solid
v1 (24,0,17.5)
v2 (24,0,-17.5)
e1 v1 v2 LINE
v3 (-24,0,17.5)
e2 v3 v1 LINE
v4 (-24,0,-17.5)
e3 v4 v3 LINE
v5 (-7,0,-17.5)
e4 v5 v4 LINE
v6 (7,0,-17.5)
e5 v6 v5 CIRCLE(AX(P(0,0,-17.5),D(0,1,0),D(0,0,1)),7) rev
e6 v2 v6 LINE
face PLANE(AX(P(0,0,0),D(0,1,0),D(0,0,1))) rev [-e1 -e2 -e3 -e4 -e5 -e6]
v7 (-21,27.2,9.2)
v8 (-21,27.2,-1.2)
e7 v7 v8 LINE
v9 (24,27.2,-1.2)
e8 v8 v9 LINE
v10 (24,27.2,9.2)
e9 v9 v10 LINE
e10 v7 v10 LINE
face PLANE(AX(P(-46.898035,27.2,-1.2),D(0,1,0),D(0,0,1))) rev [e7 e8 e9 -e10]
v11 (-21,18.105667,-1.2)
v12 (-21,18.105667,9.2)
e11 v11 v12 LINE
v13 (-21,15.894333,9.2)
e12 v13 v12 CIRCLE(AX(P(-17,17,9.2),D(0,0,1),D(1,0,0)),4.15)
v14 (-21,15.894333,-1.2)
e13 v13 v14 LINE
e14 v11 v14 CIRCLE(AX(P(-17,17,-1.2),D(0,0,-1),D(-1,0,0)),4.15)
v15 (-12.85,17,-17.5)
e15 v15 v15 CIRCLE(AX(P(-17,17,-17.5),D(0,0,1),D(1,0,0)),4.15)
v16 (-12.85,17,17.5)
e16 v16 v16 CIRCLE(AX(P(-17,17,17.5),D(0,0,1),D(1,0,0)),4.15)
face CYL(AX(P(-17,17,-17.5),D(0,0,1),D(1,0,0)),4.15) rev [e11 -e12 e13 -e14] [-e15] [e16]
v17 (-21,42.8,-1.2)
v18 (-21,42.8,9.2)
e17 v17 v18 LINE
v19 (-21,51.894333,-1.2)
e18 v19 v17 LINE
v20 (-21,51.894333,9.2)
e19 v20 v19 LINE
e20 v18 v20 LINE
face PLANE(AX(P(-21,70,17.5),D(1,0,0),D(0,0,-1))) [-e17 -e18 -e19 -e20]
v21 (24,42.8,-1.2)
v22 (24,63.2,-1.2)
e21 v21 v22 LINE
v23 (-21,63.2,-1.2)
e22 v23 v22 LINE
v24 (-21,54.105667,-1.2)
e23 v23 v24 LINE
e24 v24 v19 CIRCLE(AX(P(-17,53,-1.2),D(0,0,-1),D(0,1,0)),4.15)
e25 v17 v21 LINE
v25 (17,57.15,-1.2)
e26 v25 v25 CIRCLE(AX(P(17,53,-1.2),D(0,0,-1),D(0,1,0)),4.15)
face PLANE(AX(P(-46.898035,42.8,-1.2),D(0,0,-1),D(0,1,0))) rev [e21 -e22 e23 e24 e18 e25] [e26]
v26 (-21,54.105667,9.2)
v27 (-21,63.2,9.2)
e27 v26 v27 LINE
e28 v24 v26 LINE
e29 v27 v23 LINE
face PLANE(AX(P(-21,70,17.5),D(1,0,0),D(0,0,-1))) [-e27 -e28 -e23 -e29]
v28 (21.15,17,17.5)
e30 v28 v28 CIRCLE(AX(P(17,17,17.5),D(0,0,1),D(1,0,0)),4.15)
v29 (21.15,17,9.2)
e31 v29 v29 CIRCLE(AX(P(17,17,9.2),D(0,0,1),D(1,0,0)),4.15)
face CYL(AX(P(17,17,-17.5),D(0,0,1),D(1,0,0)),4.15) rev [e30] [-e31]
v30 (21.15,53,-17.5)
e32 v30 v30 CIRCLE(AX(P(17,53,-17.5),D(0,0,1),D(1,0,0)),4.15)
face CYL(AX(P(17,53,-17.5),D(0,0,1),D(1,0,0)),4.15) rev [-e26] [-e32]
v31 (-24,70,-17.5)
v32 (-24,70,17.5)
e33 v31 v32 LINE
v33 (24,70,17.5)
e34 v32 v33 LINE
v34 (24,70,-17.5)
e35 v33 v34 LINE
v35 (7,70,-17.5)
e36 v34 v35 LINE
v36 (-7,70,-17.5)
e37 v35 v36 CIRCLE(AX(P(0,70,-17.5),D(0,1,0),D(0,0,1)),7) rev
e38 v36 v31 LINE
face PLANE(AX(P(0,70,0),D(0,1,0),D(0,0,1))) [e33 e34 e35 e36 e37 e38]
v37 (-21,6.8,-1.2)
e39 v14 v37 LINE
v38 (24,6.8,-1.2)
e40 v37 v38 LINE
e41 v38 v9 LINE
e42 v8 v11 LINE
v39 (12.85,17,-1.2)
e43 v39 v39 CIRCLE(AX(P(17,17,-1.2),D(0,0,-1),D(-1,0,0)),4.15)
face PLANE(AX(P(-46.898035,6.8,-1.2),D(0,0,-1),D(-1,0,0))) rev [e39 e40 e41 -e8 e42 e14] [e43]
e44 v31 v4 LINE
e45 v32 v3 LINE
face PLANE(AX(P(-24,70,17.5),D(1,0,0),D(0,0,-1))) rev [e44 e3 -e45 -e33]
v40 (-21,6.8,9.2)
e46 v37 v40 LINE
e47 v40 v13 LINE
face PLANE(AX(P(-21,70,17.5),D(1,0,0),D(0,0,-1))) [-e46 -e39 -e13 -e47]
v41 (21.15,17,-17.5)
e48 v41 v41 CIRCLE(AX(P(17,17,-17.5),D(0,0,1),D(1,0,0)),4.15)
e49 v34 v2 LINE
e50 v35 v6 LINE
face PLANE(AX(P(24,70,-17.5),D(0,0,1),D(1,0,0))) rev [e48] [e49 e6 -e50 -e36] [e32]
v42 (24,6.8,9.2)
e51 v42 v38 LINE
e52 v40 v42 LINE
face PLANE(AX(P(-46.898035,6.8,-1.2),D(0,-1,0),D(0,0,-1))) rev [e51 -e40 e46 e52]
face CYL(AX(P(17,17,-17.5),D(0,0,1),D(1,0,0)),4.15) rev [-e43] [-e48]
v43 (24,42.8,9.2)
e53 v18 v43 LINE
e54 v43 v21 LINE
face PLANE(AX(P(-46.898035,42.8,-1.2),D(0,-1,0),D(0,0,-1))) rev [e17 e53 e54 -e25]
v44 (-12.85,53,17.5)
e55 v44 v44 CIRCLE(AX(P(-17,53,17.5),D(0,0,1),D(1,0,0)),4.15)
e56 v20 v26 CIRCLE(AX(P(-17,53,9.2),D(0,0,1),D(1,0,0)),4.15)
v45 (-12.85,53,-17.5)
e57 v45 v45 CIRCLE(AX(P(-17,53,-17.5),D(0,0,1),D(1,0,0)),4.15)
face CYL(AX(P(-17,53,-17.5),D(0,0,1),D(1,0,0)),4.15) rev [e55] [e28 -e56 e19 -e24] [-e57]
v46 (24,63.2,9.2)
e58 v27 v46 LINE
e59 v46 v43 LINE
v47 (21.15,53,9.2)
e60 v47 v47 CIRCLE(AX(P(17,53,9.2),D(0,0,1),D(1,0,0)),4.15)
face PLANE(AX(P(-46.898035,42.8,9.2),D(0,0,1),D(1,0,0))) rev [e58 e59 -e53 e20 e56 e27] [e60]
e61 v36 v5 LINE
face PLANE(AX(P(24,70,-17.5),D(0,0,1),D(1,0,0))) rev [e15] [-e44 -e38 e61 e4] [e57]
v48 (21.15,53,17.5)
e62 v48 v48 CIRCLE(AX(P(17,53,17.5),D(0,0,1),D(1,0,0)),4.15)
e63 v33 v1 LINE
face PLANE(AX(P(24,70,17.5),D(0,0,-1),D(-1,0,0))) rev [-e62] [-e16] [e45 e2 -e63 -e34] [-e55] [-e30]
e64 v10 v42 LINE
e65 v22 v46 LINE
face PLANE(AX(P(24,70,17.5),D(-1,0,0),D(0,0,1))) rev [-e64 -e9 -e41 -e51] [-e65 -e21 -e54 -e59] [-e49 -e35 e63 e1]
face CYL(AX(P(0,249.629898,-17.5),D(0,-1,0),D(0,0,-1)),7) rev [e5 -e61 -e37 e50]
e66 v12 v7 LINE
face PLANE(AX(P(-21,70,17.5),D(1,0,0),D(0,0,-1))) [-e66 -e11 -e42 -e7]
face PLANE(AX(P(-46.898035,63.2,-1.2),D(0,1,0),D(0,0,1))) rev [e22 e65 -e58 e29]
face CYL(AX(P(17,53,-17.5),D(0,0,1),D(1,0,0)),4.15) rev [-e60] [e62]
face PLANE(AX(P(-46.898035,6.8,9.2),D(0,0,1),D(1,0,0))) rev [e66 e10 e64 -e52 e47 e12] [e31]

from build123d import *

# Parameters (mm, degrees)
SKETCH1_W               = 48
SKETCH1_H               = 35
BOSS_EXTRUDE1_DEPTH     = 70
SKETCH2_W               = 10.4
SKETCH2_H               = 20.4
CUT_EXTRUDE1_DEPTH      = 45
SKETCH3_R               = 4.15
CUT_EXTRUDE2_DEPTH      = 36
CUT_EXTRUDE3_DEPTH      = 1
CUT_EXTRUDE3_DEPTH_BACK = 71


with BuildPart() as part:
    # Sketch1 → Boss-Extrude1 (new body)
    with BuildSketch(Plane(origin=(0, 0, 0), x_dir=(1, 0, 0), z_dir=(0, 1, 0))):
        Rectangle(SKETCH1_W, SKETCH1_H)
    extrude(amount=BOSS_EXTRUDE1_DEPTH)

    # Sketch2 → Cut-Extrude1 (cut)
    with BuildSketch(Plane(origin=(24, 0, 0), x_dir=(0, 0, -1), z_dir=(1, 0, 0))):
        with Locations((-4, 53)):
            Rectangle(SKETCH2_W, SKETCH2_H)
        with Locations((-4, 17)):
            Rectangle(SKETCH2_W, SKETCH2_H)
    extrude(amount=-CUT_EXTRUDE1_DEPTH, mode=Mode.SUBTRACT)

    # Sketch3 → Cut-Extrude2 (cut, through all)
    with BuildSketch(Plane.XY.offset(17.5)):
        with Locations((17, 53)):
            Circle(SKETCH3_R)
        with Locations((-17, 53)):
            Circle(SKETCH3_R)
        with Locations((-17, 17)):
            Circle(SKETCH3_R)
        with Locations((17, 17)):
            Circle(SKETCH3_R)
    extrude(amount=-CUT_EXTRUDE2_DEPTH, mode=Mode.SUBTRACT)

    # Sketch4 → Cut-Extrude3 (cut, two sides)
    with BuildSketch(Plane(origin=(0, 70, 0), x_dir=(1, 0, 0), z_dir=(0, 1, 0))) as cut_extrude3_sk:
        with BuildLine():
            Line((-7, 121.00935782), (-7, 17.5))
            ThreePointArc((-7, 17.5), (0, 10.5), (7, 17.5))
            Line((7, 17.5), (7, 121.00935782))
            Line((7, 121.00935782), (7, 328.028073461))
            Line((7, 328.028073461), (-7, 328.028073461))
            Line((-7, 328.028073461), (-7, 121.00935782))
        make_face()
    extrude(amount=CUT_EXTRUDE3_DEPTH, mode=Mode.SUBTRACT)
    extrude(cut_extrude3_sk.sketch, amount=-CUT_EXTRUDE3_DEPTH_BACK, mode=Mode.SUBTRACT)


solid = part.part
